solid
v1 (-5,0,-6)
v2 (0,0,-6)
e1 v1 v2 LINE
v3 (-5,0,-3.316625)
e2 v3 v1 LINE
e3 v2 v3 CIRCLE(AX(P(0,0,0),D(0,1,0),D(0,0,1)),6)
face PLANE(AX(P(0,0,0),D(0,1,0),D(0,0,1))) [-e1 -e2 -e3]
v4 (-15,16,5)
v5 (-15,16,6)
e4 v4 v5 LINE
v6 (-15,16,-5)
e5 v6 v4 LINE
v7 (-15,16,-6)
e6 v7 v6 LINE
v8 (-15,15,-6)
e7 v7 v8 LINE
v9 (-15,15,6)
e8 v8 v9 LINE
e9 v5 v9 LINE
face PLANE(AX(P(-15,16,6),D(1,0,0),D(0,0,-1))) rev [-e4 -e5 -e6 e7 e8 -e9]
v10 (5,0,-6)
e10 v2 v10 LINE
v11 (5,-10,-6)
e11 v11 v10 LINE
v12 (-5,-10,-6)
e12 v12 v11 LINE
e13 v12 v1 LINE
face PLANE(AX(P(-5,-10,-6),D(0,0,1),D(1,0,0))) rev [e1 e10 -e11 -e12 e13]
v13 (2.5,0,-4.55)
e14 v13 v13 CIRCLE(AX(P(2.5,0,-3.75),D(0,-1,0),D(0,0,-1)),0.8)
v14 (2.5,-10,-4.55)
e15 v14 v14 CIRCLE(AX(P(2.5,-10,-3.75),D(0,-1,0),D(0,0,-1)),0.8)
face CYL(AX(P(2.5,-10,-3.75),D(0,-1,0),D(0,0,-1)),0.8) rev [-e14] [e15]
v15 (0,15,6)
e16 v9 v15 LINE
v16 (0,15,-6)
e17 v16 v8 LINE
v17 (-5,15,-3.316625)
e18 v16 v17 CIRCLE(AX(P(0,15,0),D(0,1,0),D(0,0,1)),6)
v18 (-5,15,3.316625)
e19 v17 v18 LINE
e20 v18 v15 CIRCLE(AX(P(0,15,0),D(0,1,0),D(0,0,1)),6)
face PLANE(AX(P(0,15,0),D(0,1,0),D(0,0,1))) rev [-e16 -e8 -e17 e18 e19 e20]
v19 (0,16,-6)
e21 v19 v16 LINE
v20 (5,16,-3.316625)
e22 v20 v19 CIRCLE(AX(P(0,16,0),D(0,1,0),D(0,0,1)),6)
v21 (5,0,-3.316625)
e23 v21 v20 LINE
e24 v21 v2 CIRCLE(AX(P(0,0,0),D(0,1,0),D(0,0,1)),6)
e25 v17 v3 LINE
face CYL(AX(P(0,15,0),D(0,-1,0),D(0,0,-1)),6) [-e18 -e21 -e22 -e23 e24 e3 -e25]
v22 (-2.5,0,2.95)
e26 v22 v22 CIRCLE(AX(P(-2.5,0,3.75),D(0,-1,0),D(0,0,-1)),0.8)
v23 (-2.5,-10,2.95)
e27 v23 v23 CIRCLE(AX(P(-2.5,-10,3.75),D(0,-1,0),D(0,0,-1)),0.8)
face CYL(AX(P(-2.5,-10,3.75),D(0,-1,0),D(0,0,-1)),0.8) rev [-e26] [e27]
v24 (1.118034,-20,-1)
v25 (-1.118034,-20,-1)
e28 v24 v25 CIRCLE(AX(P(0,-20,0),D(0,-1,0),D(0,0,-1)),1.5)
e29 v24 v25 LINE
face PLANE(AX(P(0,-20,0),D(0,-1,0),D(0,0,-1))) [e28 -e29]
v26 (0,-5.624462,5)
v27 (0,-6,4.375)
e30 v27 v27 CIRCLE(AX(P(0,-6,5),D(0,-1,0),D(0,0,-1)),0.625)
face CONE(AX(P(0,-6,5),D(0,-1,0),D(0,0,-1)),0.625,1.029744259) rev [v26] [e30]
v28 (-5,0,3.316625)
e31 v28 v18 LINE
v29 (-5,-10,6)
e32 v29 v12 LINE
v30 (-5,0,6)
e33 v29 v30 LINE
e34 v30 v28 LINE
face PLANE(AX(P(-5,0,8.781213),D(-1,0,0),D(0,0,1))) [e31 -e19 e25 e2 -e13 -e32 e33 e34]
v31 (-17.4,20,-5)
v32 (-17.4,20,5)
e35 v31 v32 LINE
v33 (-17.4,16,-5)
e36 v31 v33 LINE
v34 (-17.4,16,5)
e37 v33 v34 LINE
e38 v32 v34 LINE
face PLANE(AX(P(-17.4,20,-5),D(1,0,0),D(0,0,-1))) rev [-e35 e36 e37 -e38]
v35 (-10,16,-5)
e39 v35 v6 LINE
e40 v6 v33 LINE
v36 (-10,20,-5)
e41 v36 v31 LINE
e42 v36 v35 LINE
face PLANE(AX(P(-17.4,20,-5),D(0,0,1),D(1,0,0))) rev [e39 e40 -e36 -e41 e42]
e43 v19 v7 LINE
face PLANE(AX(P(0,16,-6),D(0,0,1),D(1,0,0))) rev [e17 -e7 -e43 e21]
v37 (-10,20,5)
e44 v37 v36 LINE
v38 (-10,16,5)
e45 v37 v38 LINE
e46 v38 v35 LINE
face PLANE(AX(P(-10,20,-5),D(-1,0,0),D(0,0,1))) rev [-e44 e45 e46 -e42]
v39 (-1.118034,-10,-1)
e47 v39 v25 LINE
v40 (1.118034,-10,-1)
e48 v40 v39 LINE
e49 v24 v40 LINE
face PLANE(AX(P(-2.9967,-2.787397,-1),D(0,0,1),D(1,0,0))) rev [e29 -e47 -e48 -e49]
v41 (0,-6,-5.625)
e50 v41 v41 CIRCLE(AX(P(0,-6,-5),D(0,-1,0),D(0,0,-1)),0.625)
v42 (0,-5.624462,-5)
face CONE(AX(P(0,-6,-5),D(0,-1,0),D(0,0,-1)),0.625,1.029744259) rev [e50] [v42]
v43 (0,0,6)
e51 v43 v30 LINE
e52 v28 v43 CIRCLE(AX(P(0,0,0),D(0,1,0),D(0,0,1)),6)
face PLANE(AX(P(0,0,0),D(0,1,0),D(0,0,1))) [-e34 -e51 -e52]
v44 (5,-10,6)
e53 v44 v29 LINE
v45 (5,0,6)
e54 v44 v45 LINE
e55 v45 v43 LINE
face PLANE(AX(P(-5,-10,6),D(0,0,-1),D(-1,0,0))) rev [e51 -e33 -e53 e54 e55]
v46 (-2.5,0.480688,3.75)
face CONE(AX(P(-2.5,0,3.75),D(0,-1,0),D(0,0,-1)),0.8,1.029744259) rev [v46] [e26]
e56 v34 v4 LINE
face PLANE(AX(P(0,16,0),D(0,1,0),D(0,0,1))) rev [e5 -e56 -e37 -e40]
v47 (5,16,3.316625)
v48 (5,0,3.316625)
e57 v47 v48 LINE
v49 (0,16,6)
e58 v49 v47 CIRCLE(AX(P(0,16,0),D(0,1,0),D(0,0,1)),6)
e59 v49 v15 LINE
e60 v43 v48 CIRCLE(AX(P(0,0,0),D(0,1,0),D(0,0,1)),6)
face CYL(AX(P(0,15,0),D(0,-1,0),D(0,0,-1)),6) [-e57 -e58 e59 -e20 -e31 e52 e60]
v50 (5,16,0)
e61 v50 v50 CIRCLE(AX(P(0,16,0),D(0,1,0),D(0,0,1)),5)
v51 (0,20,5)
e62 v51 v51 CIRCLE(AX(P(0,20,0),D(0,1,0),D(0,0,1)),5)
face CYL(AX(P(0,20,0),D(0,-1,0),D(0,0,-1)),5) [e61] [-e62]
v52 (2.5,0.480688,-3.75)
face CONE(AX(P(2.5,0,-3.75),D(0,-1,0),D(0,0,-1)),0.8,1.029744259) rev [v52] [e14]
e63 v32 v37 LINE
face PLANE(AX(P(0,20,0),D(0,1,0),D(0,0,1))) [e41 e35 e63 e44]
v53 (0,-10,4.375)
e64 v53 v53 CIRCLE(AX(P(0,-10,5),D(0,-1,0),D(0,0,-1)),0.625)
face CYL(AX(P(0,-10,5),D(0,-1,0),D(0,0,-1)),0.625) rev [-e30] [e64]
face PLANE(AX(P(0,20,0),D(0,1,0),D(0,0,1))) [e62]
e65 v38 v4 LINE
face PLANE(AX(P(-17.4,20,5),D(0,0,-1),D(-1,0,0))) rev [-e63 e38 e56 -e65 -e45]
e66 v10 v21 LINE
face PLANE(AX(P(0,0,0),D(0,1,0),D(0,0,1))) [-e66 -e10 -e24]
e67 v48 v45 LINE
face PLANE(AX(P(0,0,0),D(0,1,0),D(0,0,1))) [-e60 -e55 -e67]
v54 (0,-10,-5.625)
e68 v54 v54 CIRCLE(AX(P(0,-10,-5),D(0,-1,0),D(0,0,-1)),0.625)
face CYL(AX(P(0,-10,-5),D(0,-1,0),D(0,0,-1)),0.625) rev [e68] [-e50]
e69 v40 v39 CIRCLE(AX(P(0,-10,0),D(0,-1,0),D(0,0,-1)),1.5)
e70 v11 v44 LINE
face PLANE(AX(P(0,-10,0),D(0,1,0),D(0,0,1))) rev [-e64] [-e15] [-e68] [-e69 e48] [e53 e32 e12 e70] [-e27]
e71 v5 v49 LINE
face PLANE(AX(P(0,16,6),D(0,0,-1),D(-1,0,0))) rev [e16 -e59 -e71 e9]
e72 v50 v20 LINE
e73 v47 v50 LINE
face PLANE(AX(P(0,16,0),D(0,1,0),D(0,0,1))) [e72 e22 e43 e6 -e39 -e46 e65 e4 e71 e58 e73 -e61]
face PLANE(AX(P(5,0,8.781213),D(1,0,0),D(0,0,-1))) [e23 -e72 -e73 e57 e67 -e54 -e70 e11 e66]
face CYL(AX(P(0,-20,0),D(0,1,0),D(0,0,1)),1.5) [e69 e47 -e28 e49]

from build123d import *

# Parameters (mm, degrees)
SKETCH_1_R               = 6
EXTRUDE_1_DEPTH          = 15
SKETCH_2_OUTSIDE_W       = 18.53
SKETCH_2_OUTSIDE_H       = 18.53
SKETCH_2_OUTSIDE_W_2     = 10
SKETCH_2_OUTSIDE_H_2     = 17.562426414
CUT_EXTRUDE_1_DEPTH      = 15
EXTRUDE_2_DEPTH          = 1
SKETCH_4_W               = 10
SKETCH_4_H               = 12
EXTRUDE_3_DEPTH          = 10
SKETCH_5_R               = 1.5
EXTRUDE_4_DEPTH          = 10
SKETCH_6_W               = 6.926984356
SKETCH_6_H               = 2.009610912
CUT_EXTRUDE_2_DEPTH      = 10
SKETCH_7_R               = 5
EXTRUDE_5_DEPTH          = 4
SKETCH_8_W               = 7.4
SKETCH_8_H               = 10
EXTRUDE_6_DEPTH          = 4
HOLE_WIZARD_M1_4_1_D     = 1.6
HOLE_WIZARD_M1_4_1_DEPTH = 10
HOLE_WIZARD_M1_4_1_TIP   = 0.480688495
HOLE_WIZARD_M1_6_1_D     = 1.25
HOLE_WIZARD_M1_6_1_DEPTH = 4
HOLE_WIZARD_M1_6_1_TIP   = 0.375537887


with BuildPart() as part:
    # 草图1 → 凸台-拉伸1 (new body)
    with BuildSketch(Plane(origin=(0, 0, 0), x_dir=(1, 0, 0), z_dir=(0, 1, 0))):
        with Locations(Location((0, 0, 0), (0, 0, 270))):
            Circle(SKETCH_1_R)
    extrude(amount=EXTRUDE_1_DEPTH)

    # 草图2 outside → 切除-拉伸1 (cut)
    with BuildSketch(Plane(origin=(0, 15, 0), x_dir=(1, 0, 0), z_dir=(0, 1, 0))):
        Rectangle(SKETCH_2_OUTSIDE_W, SKETCH_2_OUTSIDE_H)
        Rectangle(SKETCH_2_OUTSIDE_W_2, SKETCH_2_OUTSIDE_H_2, mode=Mode.SUBTRACT)
    extrude(amount=-CUT_EXTRUDE_1_DEPTH, mode=Mode.SUBTRACT)

    # 草图3 → 凸台-拉伸2 (add)
    with BuildSketch(Plane(origin=(0, 15, 0), x_dir=(1, 0, 0), z_dir=(0, 1, 0))):
        with BuildLine():
            Line((0, -6), (-15, -6))
            Line((-15, -6), (-15, 6))
            Line((-15, 6), (0, 6))
            ThreePointArc((0, 6), (2.837274331, 5.286764074), (5, 3.31662479))
            Line((5, 3.31662479), (5, -3.31662479))
            ThreePointArc((5, -3.31662479), (2.837274331, -5.286764074), (0, -6))
        make_face()
    extrude(amount=EXTRUDE_2_DEPTH)

    # 草图4 → 凸台-拉伸3 (add)
    with BuildSketch(Plane.XZ):
        Rectangle(SKETCH_4_W, SKETCH_4_H)
    extrude(amount=EXTRUDE_3_DEPTH)

    # 草图5 → 凸台-拉伸4 (add)
    with BuildSketch(Plane.XZ.offset(10)):
        with Locations(Location((0, 0, 0), (0, 0, 270))):
            Circle(SKETCH_5_R)
    extrude(amount=EXTRUDE_4_DEPTH)

    # 草图6 → 切除-拉伸2 (cut)
    with BuildSketch(Plane.XZ.offset(20)):
        with Locations((0.466792476, -2.004805456)):
            Rectangle(SKETCH_6_W, SKETCH_6_H)
    extrude(amount=-CUT_EXTRUDE_2_DEPTH, mode=Mode.SUBTRACT)

    # 草图7 → 凸台-拉伸5 (add)
    with BuildSketch(Plane(origin=(0, 16, 0), x_dir=(1, 0, 0), z_dir=(0, 1, 0))):
        Circle(SKETCH_7_R)
    extrude(amount=EXTRUDE_5_DEPTH)

    # 草图8 → 凸台-拉伸6 (add)
    with BuildSketch(Plane(origin=(0, 16, 0), x_dir=(1, 0, 0), z_dir=(0, 1, 0))):
        with Locations((-13.7, 0)):
            Rectangle(SKETCH_8_W, SKETCH_8_H)
    extrude(amount=EXTRUDE_6_DEPTH)

    # M1.4 间隙孔1
    with Locations(Plane(origin=(0, -10, 0), x_dir=(-1, 0, 0), z_dir=(0, -1, 0))):
        with Locations((-2.5, 3.75), (2.5, -3.75)):
            Hole(HOLE_WIZARD_M1_4_1_D / 2, depth=HOLE_WIZARD_M1_4_1_DEPTH)
            with Locations((0, 0, -(HOLE_WIZARD_M1_4_1_DEPTH + HOLE_WIZARD_M1_4_1_TIP / 2))):  # 118° drill point
                Cone(0, HOLE_WIZARD_M1_4_1_D / 2, HOLE_WIZARD_M1_4_1_TIP, mode=Mode.SUBTRACT)

    # M1.6 螺纹孔1
    with Locations(Plane(origin=(0, -10, 0), x_dir=(-1, 0, 0), z_dir=(0, -1, 0))):
        with Locations((0, 5), (0, -5)):
            Hole(HOLE_WIZARD_M1_6_1_D / 2, depth=HOLE_WIZARD_M1_6_1_DEPTH)
            with Locations((0, 0, -(HOLE_WIZARD_M1_6_1_DEPTH + HOLE_WIZARD_M1_6_1_TIP / 2))):  # 118° drill point
                Cone(0, HOLE_WIZARD_M1_6_1_D / 2, HOLE_WIZARD_M1_6_1_TIP, mode=Mode.SUBTRACT)


solid = part.part
